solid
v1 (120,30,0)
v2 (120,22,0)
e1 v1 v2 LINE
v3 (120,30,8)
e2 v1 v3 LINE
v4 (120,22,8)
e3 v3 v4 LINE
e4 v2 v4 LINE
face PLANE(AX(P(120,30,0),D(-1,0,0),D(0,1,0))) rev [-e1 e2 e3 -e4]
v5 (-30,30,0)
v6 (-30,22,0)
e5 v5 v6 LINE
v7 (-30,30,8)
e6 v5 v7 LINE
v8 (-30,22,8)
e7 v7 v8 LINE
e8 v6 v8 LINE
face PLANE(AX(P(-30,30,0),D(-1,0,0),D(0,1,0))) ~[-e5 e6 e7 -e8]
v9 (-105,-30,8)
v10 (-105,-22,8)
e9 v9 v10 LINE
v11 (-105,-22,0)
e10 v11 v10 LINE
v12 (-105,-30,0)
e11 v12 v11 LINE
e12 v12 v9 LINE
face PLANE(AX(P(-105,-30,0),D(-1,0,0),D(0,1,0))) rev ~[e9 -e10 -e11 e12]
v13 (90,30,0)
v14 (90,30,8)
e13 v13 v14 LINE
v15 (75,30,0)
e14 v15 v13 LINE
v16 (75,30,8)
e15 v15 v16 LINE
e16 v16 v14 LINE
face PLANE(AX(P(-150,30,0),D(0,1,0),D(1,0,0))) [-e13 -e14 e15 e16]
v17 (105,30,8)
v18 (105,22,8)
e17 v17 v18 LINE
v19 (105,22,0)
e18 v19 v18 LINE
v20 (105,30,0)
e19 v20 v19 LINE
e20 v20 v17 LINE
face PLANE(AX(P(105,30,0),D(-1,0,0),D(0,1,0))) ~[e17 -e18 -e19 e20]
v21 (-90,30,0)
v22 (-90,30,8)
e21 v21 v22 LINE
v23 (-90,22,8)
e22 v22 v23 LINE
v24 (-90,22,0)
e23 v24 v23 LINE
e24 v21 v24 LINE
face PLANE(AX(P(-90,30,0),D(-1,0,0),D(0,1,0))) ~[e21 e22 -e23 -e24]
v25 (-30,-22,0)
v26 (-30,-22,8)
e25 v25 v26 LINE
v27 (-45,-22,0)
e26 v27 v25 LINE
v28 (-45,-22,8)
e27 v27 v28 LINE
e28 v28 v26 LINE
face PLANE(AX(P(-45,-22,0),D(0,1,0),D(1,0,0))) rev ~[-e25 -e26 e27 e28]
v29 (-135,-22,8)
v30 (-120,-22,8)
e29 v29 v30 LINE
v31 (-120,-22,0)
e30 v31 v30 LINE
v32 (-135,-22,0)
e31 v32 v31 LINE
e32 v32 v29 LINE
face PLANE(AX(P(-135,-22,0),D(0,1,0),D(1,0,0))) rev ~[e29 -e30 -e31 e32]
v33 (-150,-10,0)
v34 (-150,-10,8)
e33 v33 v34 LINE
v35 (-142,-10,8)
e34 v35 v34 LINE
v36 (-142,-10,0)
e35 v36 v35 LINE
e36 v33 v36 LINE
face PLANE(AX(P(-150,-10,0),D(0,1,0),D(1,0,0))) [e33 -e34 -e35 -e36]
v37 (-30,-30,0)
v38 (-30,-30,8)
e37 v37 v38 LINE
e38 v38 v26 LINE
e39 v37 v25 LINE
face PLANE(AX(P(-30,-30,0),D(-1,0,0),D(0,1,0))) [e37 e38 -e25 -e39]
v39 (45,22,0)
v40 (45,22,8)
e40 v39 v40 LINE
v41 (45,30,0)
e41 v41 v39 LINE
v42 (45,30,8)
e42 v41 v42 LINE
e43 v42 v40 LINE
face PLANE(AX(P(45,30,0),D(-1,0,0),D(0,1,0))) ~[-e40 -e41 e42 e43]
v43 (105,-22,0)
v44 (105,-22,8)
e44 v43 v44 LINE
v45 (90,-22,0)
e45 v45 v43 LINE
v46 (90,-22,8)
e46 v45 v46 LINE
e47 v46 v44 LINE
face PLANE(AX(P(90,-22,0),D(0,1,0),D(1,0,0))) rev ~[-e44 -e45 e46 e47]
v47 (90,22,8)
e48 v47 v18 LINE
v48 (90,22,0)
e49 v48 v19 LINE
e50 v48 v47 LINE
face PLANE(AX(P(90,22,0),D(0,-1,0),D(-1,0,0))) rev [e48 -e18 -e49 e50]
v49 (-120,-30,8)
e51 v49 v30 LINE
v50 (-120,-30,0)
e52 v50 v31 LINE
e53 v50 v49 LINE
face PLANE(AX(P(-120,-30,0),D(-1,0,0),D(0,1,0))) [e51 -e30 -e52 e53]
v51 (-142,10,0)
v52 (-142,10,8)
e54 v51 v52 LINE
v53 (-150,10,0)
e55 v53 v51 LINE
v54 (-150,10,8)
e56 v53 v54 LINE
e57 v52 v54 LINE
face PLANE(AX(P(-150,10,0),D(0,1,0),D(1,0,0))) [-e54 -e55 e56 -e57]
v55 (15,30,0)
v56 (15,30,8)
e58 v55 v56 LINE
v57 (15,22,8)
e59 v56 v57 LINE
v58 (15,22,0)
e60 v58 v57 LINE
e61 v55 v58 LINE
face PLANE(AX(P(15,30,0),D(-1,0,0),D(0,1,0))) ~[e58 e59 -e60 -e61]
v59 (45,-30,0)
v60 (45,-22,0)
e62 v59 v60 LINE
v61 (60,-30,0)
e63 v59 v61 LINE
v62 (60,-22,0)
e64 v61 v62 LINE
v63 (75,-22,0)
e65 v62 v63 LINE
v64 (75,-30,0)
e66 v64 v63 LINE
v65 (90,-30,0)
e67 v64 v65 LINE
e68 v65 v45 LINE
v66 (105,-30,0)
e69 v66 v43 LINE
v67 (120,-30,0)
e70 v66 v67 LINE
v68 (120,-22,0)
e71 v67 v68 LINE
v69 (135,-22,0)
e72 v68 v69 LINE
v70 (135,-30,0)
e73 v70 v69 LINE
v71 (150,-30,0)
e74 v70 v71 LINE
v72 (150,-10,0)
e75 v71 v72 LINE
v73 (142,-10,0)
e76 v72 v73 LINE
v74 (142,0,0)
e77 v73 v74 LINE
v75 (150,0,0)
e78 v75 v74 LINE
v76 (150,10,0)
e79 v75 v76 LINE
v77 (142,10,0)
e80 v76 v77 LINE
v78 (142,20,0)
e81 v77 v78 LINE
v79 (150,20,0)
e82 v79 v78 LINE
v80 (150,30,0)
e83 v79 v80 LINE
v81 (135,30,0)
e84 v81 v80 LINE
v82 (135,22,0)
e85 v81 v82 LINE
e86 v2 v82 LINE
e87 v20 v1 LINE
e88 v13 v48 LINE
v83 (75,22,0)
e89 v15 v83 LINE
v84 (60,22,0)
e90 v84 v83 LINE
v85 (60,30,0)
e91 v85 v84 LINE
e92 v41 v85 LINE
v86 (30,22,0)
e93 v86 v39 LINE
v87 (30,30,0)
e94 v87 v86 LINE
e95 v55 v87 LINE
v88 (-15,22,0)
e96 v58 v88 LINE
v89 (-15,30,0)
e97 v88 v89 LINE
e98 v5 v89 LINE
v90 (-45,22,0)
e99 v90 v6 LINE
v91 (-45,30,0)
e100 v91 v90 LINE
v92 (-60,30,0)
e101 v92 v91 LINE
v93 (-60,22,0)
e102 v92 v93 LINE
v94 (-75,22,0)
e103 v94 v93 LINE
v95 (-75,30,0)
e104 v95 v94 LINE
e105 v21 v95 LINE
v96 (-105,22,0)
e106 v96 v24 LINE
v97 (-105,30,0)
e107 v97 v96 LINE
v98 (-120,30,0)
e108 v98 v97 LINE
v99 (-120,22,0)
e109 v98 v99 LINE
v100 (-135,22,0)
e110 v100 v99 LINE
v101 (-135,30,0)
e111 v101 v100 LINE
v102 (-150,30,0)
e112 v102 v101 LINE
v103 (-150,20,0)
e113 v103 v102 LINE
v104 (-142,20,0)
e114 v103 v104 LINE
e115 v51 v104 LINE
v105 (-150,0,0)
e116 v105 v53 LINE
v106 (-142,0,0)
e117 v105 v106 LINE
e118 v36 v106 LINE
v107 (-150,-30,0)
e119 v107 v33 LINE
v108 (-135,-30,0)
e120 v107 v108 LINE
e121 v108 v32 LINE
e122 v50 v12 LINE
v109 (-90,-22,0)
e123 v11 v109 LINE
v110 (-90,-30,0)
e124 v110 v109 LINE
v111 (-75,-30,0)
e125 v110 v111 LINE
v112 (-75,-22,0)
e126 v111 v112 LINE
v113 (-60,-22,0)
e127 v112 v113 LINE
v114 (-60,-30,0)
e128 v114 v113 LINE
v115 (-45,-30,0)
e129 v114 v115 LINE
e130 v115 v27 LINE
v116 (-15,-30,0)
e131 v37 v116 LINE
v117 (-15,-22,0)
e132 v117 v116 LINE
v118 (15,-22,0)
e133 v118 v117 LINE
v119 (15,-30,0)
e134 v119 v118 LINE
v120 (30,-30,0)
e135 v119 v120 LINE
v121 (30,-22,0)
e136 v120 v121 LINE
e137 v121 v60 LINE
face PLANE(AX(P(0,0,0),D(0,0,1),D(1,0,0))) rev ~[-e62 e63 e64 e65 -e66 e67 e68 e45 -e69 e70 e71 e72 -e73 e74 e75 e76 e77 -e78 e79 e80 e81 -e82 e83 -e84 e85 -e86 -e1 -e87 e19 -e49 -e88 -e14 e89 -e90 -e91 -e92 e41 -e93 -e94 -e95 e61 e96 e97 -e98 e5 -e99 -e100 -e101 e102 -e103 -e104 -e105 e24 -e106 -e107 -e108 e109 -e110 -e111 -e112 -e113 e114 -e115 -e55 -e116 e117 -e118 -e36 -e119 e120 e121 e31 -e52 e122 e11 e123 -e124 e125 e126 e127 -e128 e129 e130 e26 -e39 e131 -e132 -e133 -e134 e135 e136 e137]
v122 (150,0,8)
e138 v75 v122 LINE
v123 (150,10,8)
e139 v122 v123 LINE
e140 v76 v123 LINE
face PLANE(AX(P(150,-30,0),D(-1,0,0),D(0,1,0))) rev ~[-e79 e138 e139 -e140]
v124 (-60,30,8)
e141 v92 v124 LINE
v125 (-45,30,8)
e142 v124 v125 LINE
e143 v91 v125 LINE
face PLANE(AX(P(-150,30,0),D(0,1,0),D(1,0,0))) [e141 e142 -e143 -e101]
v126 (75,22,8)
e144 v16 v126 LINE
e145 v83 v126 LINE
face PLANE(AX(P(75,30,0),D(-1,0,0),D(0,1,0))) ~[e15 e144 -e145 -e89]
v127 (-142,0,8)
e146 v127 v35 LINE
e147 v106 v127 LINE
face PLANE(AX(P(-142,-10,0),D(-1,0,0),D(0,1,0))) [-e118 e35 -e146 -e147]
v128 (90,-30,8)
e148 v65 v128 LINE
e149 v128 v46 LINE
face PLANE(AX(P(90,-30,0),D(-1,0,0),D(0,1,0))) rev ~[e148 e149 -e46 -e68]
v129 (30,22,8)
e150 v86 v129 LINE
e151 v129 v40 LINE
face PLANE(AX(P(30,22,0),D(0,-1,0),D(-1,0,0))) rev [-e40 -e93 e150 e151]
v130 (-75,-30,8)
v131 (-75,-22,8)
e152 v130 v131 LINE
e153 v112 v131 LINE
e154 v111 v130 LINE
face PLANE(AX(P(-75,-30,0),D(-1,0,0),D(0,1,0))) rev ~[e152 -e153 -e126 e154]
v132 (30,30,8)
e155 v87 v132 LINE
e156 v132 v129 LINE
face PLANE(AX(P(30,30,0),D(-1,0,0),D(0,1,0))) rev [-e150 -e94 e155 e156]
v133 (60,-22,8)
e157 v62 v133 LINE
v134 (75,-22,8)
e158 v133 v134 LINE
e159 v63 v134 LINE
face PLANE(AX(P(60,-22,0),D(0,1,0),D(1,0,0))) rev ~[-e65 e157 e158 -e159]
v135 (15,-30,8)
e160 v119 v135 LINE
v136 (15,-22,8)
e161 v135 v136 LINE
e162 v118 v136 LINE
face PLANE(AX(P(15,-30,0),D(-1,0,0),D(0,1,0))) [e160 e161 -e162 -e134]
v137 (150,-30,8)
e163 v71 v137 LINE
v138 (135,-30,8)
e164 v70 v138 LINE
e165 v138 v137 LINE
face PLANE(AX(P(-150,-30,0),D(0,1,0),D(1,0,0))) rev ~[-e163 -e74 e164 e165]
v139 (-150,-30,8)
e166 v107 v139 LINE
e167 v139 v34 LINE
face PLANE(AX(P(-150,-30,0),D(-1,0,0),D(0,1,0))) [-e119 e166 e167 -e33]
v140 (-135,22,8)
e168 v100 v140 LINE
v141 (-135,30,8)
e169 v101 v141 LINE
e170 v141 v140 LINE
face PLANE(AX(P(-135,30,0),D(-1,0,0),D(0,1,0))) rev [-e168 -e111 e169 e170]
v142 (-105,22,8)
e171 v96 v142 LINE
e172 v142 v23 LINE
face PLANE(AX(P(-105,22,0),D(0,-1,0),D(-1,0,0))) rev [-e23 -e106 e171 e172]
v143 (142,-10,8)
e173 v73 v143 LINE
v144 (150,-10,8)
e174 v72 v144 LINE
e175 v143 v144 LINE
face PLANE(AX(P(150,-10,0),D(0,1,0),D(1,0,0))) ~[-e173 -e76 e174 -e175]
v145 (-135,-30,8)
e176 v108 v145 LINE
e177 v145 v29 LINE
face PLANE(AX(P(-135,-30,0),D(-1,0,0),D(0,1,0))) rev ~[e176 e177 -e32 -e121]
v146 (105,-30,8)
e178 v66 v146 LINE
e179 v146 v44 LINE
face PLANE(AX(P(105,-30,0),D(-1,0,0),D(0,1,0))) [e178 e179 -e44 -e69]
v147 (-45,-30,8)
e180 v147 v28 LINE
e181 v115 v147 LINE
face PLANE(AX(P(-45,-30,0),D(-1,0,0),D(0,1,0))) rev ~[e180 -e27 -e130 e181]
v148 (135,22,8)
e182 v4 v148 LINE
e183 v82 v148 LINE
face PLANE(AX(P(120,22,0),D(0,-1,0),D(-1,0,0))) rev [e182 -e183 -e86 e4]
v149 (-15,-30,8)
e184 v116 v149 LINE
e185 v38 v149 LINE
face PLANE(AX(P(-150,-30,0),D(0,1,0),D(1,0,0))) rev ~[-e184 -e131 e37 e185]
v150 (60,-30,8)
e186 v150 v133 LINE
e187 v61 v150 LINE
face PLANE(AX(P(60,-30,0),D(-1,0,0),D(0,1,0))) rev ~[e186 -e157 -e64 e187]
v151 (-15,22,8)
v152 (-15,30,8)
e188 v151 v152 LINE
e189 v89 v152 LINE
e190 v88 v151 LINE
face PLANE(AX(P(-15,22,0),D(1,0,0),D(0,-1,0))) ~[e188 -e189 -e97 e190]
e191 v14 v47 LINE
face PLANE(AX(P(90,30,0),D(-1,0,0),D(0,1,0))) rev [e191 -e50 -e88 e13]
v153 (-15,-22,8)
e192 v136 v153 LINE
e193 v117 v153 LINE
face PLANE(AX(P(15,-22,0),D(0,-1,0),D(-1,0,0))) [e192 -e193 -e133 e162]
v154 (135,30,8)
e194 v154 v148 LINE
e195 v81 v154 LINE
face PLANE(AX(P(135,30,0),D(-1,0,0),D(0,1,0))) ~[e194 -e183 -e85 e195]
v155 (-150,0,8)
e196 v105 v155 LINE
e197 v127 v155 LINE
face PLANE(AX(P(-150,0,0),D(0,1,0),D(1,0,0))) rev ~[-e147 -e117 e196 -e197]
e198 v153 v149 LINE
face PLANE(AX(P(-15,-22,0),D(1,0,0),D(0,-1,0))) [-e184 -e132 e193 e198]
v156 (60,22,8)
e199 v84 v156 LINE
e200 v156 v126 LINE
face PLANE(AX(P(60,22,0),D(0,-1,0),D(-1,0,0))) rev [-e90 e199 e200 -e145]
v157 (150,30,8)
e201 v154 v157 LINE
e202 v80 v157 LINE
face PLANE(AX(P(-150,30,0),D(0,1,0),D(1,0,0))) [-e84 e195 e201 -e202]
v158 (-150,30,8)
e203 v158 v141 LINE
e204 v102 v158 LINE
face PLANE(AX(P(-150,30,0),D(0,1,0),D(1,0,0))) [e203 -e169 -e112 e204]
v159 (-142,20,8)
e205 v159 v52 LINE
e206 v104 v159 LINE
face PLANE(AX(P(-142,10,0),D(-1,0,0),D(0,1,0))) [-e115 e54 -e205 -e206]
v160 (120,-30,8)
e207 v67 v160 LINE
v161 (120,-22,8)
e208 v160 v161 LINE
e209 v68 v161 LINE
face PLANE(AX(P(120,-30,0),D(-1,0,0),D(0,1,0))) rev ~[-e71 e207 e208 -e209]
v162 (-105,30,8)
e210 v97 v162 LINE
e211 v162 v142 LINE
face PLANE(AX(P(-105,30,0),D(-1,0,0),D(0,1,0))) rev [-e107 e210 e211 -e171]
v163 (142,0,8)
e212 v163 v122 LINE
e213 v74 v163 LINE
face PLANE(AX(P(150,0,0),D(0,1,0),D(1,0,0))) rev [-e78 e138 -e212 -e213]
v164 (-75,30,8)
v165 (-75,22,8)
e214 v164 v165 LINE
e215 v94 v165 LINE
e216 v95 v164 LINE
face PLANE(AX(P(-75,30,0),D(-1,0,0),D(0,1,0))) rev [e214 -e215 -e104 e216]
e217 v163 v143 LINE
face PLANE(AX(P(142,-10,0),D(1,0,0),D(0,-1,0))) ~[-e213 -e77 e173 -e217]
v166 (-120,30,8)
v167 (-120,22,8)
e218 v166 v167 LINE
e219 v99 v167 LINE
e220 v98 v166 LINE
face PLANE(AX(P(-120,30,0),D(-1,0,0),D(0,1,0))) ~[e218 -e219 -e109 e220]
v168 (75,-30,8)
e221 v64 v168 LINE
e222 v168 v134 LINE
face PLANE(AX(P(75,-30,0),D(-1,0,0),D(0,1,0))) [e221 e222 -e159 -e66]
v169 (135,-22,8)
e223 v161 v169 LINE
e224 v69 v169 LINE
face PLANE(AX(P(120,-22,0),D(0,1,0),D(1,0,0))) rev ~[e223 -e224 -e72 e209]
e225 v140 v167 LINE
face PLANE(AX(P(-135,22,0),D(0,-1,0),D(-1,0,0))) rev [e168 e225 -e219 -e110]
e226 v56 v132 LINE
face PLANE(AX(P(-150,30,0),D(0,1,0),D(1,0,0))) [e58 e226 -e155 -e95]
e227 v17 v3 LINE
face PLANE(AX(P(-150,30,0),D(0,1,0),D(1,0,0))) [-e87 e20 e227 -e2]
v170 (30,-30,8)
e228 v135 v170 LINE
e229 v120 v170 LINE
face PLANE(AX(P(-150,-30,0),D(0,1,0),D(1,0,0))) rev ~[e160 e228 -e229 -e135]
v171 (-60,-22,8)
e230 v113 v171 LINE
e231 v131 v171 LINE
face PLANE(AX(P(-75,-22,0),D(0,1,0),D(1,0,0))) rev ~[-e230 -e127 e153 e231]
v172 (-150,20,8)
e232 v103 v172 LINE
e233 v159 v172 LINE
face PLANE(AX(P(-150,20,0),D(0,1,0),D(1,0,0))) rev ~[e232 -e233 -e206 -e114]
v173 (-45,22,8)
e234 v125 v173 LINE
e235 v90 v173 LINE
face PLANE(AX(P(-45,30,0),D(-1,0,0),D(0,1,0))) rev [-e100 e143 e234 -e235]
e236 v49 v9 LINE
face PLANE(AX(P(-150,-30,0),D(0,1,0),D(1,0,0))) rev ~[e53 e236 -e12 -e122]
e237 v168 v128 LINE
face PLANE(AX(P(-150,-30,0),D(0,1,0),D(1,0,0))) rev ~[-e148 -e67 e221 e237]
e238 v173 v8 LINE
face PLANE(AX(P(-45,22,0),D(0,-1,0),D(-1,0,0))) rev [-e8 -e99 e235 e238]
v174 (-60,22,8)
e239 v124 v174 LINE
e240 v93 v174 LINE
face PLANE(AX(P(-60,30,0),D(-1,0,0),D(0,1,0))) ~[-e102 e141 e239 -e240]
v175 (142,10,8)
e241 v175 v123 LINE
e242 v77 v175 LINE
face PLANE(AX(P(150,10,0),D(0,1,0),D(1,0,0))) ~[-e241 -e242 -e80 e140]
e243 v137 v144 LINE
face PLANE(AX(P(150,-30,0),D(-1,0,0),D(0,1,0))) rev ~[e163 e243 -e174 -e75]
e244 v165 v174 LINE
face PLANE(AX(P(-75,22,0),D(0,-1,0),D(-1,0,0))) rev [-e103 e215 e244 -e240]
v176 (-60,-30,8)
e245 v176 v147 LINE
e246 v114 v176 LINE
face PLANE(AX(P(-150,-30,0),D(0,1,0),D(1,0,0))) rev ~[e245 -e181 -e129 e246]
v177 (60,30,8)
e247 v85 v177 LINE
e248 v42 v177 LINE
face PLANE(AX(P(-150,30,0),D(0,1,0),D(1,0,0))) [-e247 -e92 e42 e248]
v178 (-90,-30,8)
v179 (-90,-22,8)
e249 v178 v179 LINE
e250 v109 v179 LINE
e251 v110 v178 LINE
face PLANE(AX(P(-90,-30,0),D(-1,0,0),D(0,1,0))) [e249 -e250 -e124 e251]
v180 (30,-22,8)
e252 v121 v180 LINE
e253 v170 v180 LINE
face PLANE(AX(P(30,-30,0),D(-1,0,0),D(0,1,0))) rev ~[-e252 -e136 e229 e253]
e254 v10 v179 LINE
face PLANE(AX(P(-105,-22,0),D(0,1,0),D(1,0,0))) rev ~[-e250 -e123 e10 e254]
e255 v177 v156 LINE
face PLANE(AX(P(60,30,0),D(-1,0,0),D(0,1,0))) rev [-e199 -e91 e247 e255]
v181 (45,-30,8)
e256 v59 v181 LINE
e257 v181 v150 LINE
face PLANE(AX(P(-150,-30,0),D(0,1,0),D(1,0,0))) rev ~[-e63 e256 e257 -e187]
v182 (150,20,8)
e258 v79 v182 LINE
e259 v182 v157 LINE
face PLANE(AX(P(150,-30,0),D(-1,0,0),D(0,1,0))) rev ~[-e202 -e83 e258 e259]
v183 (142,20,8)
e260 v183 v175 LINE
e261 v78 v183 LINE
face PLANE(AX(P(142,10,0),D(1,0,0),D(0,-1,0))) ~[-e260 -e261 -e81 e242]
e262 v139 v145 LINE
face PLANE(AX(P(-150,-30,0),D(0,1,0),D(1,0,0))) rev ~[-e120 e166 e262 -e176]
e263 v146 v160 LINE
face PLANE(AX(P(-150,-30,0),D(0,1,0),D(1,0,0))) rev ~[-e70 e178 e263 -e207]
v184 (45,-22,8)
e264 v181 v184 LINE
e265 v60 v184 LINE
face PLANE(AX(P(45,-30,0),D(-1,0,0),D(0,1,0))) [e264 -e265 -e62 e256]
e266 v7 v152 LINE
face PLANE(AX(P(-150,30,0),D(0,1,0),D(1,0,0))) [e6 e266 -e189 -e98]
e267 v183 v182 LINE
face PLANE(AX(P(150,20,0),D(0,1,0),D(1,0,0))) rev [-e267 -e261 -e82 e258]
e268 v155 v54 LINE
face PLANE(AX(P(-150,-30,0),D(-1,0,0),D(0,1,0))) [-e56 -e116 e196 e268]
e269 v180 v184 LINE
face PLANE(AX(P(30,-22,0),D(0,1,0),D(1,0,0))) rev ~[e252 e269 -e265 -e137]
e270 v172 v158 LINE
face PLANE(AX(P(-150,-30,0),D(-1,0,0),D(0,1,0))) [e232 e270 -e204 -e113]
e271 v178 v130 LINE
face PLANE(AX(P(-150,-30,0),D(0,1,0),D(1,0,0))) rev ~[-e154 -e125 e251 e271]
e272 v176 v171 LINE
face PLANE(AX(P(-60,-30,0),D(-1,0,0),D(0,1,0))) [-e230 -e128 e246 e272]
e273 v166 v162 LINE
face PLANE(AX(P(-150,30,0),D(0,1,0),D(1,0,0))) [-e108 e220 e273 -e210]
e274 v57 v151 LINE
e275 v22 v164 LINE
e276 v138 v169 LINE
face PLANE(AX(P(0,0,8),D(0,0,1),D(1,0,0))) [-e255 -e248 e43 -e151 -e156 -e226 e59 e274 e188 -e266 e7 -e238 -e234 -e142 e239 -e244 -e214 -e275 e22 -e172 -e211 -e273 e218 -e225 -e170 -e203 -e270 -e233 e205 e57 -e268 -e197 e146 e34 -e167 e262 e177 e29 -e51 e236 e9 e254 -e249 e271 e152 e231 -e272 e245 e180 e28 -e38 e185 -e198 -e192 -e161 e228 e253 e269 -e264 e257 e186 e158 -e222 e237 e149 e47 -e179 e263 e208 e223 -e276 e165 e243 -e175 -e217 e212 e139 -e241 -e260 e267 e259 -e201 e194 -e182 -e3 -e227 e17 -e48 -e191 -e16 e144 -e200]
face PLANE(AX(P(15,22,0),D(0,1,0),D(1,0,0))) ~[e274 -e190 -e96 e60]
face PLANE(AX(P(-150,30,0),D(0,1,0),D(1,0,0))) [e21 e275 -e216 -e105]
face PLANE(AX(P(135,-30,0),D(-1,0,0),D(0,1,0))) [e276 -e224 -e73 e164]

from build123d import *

# Parameters (mm, degrees)
ESQUISSE1_W             = 300
ESQUISSE1_H             = 60
BOSS_EXTRU_1_DEPTH      = 8
ESQUISSE2_W             = 15
ESQUISSE2_H             = 8
ENL_V_MAT_EXTRU_1_DEPTH = 8
ESQUISSE3_W             = 8
ESQUISSE3_H             = 10
ENL_V_MAT_EXTRU_2_DEPTH = 154.179633111


with BuildPart() as part:
    # Esquisse1 → Boss.-Extru.1 (new body)
    with BuildSketch(Plane.XY):
        Rectangle(ESQUISSE1_W, ESQUISSE1_H)
    extrude(amount=BOSS_EXTRU_1_DEPTH)

    # Esquisse2 → Enlèv. mat.-Extru.1 (cut)
    with BuildSketch(Plane.XY):
        Polygon((0, -30), (15, -30), (15, -22), (0, -22), (-15, -22), (-15, -30), align=None)
        with Locations((-127.5, -26)):
            Rectangle(ESQUISSE2_W, ESQUISSE2_H)
        with Locations((-97.5, -26)):
            Rectangle(ESQUISSE2_W, ESQUISSE2_H)
        with Locations((-67.5, -26)):
            Rectangle(ESQUISSE2_W, ESQUISSE2_H)
        with Locations((-37.5, -26)):
            Rectangle(ESQUISSE2_W, ESQUISSE2_H)
        with Locations((127.5, -26)):
            Rectangle(ESQUISSE2_W, ESQUISSE2_H)
        with Locations((97.5, -26)):
            Rectangle(ESQUISSE2_W, ESQUISSE2_H)
        with Locations((67.5, -26)):
            Rectangle(ESQUISSE2_W, ESQUISSE2_H)
        with Locations((37.5, -26)):
            Rectangle(ESQUISSE2_W, ESQUISSE2_H)
    enl_v_mat_extru_1 = extrude(amount=ENL_V_MAT_EXTRU_1_DEPTH, mode=Mode.SUBTRACT)

    # Esquisse3 → Enlèv. mat.-Extru.2 (cut, through all)
    with BuildSketch(Plane.XY):
        with Locations((-146, 15)):
            Rectangle(ESQUISSE3_W, ESQUISSE3_H)
        with Locations((-146, -5)):
            Rectangle(ESQUISSE3_W, ESQUISSE3_H)
    enl_v_mat_extru_2 = extrude(amount=ENL_V_MAT_EXTRU_2_DEPTH, mode=Mode.SUBTRACT)

    # Symétrie1: Enlèv. mat.-Extru.2 across plane
    add(enl_v_mat_extru_2.mirror(Plane(origin=(0, 0, 0), x_dir=(0, 0, 1), z_dir=(1, 0, 0))), mode=Mode.SUBTRACT)

    # Symétrie2: Enlèv. mat.-Extru.1 across plane
    add(enl_v_mat_extru_1.mirror(Plane.ZX), mode=Mode.SUBTRACT)


solid = part.part
